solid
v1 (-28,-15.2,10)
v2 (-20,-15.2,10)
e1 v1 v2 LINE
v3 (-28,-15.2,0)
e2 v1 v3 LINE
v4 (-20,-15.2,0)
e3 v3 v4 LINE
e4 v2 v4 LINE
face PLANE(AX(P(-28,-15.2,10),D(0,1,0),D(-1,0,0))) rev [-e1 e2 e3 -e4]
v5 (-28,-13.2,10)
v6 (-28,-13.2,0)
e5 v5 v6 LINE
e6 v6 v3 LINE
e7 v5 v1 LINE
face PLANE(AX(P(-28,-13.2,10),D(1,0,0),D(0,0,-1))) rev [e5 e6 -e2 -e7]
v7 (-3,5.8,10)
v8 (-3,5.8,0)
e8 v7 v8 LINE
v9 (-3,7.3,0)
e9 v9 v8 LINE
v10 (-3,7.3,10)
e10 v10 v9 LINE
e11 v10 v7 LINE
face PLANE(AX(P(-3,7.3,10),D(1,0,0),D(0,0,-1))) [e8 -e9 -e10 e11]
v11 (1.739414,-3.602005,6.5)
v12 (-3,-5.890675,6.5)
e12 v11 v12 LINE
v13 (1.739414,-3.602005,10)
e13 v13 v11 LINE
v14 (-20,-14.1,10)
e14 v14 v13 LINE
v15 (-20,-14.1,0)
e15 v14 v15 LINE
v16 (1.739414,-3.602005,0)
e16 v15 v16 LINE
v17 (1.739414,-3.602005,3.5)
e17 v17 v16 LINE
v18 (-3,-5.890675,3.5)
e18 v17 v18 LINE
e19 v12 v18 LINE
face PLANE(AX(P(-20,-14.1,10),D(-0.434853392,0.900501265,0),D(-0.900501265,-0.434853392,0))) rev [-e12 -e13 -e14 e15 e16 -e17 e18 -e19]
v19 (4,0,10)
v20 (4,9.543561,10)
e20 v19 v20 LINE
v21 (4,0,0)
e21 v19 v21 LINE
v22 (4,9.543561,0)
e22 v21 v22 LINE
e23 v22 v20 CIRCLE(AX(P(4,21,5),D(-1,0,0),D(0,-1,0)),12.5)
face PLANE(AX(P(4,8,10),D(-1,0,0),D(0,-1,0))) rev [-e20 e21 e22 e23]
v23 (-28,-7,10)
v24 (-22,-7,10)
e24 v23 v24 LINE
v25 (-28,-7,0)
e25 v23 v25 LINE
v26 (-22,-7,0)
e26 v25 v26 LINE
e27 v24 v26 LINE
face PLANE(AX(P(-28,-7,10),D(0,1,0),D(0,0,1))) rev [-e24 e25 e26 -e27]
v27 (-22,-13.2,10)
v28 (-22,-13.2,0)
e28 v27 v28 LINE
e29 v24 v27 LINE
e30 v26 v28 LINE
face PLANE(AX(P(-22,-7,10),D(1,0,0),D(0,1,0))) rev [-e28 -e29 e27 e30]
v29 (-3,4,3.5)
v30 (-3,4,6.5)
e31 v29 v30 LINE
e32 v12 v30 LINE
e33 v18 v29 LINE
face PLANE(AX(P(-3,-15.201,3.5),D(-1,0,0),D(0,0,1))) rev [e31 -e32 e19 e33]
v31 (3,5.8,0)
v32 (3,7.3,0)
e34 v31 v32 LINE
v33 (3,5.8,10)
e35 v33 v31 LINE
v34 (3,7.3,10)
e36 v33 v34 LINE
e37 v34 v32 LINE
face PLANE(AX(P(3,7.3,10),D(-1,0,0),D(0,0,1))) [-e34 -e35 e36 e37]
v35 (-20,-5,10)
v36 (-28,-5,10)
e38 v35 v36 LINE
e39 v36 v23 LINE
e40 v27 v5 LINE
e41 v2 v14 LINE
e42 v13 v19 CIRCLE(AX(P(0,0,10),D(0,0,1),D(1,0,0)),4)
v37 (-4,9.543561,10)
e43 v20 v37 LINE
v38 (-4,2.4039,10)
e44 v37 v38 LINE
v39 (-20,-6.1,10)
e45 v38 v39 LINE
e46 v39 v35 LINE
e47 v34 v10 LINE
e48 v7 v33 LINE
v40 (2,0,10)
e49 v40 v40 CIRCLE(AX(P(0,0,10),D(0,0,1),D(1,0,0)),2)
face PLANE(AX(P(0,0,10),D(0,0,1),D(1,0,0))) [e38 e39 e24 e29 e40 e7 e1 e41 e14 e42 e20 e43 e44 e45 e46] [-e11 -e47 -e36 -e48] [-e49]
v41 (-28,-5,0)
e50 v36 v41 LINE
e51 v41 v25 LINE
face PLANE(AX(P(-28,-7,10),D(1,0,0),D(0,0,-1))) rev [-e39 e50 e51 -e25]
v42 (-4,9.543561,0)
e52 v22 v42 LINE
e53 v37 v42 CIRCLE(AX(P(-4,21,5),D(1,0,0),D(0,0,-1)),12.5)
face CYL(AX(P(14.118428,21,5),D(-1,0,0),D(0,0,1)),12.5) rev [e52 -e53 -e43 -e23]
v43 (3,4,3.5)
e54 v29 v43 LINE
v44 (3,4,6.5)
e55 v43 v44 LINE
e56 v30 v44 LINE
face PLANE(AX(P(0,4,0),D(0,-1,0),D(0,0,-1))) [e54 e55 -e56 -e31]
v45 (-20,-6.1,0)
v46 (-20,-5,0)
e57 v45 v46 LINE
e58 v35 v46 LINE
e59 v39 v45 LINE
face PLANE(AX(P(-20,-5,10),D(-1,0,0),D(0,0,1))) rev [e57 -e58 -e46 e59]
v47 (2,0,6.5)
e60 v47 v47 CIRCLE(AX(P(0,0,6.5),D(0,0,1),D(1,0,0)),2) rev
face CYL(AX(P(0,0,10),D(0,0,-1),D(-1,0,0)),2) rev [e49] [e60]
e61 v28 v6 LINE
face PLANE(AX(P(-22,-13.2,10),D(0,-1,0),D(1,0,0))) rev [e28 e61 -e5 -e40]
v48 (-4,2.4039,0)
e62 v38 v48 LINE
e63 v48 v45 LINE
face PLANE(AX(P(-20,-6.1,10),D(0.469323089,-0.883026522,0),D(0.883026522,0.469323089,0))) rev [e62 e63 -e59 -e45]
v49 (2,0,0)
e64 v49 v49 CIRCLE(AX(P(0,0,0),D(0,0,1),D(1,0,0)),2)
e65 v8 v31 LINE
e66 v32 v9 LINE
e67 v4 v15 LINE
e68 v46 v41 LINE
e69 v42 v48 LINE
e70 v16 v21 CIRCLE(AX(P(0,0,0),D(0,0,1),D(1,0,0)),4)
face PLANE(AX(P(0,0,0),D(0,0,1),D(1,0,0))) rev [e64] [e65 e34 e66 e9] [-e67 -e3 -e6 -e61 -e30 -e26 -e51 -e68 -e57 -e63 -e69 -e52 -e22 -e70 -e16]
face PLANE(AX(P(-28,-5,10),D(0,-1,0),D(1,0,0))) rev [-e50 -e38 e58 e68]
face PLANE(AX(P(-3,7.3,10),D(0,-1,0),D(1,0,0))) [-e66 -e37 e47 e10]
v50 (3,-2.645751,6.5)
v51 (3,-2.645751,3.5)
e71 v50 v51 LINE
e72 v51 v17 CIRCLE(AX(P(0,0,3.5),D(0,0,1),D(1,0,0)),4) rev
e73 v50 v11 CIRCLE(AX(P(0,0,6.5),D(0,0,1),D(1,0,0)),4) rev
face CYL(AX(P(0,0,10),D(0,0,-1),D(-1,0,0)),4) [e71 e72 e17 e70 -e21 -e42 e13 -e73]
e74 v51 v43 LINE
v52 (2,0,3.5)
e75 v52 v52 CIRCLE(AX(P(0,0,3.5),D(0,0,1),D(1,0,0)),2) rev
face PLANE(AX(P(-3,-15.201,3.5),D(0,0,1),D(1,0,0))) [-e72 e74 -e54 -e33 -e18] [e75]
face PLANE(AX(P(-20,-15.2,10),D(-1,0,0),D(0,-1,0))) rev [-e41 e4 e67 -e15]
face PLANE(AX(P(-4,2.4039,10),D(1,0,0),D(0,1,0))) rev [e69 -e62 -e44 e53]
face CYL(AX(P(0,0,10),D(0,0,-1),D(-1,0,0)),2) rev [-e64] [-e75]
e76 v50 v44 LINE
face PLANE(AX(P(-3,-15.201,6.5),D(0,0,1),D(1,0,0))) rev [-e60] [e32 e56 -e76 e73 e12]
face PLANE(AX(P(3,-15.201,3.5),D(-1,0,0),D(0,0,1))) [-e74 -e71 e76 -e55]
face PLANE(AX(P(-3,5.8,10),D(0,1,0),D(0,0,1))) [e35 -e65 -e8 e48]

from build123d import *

# Parameters (mm, degrees)
ESBO_O1_R                = 2
ESBO_O1_W                = 6
ESBO_O1_H                = 1.5
RESSALTO_EXTRUS_O1_DEPTH = 10
RESSALTO_EXTRUS_O4_START = -4
RESSALTO_EXTRUS_O4_DEPTH = 8
CORTE_EXTRUS_O1_START    = -5.890675
ESBO_O3_W                = 6
ESBO_O3_H                = 3
CORTE_EXTRUS_O1_DEPTH    = 9.890675


with BuildPart() as part:
    # Esboço1 → Ressalto-extrusão1 (new body)
    with BuildSketch(Plane.XY):
        with BuildLine():
            Line((-28, -7), (-22, -7))
            Line((-22, -7), (-22, -13.2))
            Line((-22, -13.2), (-28, -13.2))
            Line((-28, -13.2), (-28, -15.2))
            Line((-28, -15.2), (-20, -15.2))
            Line((-20, -15.2), (-20, -14.1))
            Line((-20, -14.1), (1.739413567, -3.602005059))
            ThreePointArc((1.739413567, -3.602005059), (3.388041784, -2.12630498), (4, 0))
            Line((4, 0), (4, 8))
            Line((4, 8), (-4, 8))
            Line((-4, 8), (-4, 2.403900213))
            Line((-4, 2.403900213), (-20, -6.1))
            Line((-20, -6.1), (-20, -5))
            Line((-20, -5), (-28, -5))
            Line((-28, -5), (-28, -7))
        make_face()
        Circle(ESBO_O1_R, mode=Mode.SUBTRACT)
        with Locations((0, 6.55)):
            Rectangle(ESBO_O1_W, ESBO_O1_H, mode=Mode.SUBTRACT)
    extrude(amount=RESSALTO_EXTRUS_O1_DEPTH)

    # Esboço2 → Ressalto-extrusão4 (add)
    with BuildSketch(Plane(origin=(0, 0, 0), x_dir=(0, 0, -1), z_dir=(1, 0, 0)).offset(RESSALTO_EXTRUS_O4_START)):
        with BuildLine():
            ThreePointArc((-10, 9.543560763), (-5, 8.5), (0, 9.543560763))
            Line((0, 9.543560763), (0, 8))
            Line((0, 8), (-10, 8))
            Line((-10, 8), (-10, 9.543560763))
        make_face()
    extrude(amount=RESSALTO_EXTRUS_O4_DEPTH)

    # Esboço3 → Corte-extrusão1 (cut)
    with BuildSketch(Plane(origin=(0, 0, 0), x_dir=(1, 0, 0), z_dir=(0, 1, 0)).offset(CORTE_EXTRUS_O1_START)):
        with Locations((0, -5)):
            Rectangle(ESBO_O3_W, ESBO_O3_H)
    extrude(amount=CORTE_EXTRUS_O1_DEPTH, mode=Mode.SUBTRACT)


solid = part.part
